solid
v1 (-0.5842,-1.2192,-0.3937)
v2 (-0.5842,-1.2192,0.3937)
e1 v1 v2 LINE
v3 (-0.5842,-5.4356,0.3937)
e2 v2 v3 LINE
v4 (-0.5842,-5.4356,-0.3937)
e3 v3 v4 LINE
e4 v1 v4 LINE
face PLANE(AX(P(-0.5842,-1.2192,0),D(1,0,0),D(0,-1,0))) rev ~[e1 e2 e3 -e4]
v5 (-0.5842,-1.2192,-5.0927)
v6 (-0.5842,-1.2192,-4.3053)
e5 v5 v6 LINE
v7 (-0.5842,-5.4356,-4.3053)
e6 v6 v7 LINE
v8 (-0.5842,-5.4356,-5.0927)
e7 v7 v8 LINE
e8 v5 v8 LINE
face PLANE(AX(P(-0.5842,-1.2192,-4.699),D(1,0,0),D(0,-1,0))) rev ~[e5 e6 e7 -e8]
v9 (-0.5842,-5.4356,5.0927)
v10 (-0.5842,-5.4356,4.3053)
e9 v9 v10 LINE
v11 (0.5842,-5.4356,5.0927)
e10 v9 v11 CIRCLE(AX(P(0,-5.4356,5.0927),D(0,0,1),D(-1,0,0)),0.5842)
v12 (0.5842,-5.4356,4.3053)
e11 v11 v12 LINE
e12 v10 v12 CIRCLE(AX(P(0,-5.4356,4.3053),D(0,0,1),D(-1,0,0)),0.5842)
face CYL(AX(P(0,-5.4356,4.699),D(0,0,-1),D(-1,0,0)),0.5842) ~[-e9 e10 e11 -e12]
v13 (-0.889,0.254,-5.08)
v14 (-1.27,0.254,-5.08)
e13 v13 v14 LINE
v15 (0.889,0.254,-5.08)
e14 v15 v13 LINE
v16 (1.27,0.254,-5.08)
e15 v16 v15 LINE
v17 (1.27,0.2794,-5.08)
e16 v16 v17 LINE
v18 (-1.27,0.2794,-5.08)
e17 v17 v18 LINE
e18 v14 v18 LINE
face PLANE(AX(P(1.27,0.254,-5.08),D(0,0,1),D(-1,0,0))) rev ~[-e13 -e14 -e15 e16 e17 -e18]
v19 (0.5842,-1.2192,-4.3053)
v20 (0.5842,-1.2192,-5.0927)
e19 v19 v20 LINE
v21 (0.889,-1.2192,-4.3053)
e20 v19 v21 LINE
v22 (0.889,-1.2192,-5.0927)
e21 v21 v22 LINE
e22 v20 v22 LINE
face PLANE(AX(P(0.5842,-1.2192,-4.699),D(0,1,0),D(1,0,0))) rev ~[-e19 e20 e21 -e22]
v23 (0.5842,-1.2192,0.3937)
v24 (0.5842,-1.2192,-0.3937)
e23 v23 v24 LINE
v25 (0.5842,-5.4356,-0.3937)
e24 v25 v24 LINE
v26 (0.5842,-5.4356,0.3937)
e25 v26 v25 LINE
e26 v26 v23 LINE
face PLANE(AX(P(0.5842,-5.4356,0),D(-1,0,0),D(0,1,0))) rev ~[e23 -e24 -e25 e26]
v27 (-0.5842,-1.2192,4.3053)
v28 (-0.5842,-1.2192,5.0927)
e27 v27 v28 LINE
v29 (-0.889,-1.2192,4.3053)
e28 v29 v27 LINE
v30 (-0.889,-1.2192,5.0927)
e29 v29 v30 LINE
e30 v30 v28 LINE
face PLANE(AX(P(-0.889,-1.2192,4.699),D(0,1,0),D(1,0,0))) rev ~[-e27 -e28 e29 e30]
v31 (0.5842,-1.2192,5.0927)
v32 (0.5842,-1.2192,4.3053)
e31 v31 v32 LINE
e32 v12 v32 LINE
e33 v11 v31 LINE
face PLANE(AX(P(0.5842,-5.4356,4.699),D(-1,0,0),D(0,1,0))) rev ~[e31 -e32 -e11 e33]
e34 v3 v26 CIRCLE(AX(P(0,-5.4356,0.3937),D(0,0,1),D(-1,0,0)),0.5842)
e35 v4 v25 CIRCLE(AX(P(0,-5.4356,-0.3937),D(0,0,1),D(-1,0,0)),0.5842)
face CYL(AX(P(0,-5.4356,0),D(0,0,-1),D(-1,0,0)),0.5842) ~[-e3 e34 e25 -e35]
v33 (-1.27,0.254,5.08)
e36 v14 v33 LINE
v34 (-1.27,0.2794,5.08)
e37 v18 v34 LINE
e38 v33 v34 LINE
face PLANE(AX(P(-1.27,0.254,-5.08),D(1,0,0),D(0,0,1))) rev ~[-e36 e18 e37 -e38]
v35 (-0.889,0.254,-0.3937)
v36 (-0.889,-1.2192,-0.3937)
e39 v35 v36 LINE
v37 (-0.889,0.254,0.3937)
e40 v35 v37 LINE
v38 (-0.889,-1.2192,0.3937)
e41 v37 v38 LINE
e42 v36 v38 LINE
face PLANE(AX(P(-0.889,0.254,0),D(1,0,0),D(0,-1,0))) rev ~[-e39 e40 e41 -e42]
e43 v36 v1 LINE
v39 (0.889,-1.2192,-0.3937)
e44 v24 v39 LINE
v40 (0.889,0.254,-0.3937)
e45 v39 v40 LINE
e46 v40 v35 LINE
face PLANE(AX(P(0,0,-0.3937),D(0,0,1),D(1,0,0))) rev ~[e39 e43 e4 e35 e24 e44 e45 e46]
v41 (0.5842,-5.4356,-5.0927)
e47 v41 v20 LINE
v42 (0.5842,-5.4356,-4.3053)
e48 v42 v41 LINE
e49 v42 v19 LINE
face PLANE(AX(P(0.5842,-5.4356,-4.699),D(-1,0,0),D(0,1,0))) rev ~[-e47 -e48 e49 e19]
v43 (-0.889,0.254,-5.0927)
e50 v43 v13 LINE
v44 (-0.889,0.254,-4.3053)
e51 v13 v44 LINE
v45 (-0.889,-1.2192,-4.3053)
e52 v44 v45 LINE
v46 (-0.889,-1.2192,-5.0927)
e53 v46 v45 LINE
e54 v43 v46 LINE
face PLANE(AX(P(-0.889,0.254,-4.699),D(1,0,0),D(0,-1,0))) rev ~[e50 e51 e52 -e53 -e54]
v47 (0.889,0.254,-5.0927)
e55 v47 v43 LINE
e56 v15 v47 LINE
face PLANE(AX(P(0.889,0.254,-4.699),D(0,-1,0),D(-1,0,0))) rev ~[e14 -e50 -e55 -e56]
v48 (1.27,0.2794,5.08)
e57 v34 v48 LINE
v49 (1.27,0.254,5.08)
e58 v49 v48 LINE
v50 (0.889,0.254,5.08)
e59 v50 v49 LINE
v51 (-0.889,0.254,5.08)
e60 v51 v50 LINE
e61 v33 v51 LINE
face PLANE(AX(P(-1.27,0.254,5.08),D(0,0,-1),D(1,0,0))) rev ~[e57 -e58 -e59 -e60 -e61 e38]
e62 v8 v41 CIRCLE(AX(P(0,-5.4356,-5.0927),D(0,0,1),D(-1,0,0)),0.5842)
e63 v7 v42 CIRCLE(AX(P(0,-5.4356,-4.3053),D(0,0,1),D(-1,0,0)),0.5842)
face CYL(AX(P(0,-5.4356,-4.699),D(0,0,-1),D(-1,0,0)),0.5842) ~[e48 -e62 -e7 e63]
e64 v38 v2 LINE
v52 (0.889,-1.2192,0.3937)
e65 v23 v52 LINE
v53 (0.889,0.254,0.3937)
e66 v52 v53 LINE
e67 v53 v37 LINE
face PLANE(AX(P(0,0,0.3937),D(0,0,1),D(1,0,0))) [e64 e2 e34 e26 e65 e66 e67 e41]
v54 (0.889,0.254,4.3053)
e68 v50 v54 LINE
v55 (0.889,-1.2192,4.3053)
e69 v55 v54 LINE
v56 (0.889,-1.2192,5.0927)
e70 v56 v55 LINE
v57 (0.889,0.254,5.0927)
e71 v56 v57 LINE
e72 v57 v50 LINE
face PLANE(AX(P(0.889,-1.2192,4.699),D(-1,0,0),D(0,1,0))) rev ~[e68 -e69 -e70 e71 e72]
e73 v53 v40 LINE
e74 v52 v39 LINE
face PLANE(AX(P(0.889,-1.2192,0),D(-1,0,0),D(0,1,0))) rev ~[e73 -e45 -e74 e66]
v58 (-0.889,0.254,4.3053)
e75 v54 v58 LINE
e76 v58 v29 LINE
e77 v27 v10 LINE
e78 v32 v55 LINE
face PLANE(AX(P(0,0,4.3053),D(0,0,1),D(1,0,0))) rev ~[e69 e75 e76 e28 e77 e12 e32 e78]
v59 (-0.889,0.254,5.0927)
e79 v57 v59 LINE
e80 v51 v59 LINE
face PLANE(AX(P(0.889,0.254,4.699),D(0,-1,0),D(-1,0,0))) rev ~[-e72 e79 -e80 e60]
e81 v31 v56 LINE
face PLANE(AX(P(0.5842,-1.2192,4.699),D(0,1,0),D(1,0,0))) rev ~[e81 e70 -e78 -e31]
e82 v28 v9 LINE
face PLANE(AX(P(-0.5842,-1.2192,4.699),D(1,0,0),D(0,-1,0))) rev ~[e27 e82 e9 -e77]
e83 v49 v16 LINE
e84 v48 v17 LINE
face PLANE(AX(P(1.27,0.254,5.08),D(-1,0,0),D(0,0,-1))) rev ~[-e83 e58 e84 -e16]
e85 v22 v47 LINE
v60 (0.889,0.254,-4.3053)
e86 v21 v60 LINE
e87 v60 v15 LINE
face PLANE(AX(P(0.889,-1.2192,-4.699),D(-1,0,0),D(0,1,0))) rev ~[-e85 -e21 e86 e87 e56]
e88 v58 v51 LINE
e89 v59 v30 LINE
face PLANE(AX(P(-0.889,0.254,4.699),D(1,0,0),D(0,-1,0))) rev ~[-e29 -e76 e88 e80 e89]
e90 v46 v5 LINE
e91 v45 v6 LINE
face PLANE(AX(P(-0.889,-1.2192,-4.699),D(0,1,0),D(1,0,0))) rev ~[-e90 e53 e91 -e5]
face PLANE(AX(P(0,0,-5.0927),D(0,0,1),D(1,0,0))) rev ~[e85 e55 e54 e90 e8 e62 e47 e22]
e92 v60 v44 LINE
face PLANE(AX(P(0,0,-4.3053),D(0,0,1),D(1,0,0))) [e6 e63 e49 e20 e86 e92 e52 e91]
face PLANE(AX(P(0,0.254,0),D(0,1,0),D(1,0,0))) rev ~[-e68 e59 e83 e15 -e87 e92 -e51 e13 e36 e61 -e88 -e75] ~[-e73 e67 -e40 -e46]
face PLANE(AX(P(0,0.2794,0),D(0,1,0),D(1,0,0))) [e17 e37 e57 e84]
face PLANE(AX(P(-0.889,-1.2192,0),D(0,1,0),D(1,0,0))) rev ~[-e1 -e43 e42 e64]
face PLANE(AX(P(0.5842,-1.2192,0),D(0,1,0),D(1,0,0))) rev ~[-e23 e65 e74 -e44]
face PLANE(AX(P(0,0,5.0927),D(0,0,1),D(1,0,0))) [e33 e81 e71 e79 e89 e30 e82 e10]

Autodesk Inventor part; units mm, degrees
sketch "Sketch_44" plane through (0, 0.254, 0) normal (0, 1, 0) x (1, 0, 0)
  line L0 (-1.27, -5.08) -> (1.27, -5.08)
  line L1 (1.27, -5.08) -> (1.27, 5.08)
  line L2 (1.27, 5.08) -> (-1.27, 5.08)
  line L3 (-1.27, 5.08) -> (-1.27, -5.08)
extrude "Extrusion1" add sketch "Sketch_44" along normal blind 0.0254
sketch "Sketch_2" plane through (0, 0, 0) normal (0, 0, 1) x (1, 0, 0)
  line L0 (-0.889, 0.254) -> (-0.889, -1.2192)
  line L1 (-0.889, -1.2192) -> (-0.5842, -1.2192)
  line L2 (-0.5842, -1.2192) -> (-0.5842, -5.4356)
  arc A0 (-0.5842, -5.4356) -> (0.5842, -5.4356) centre (0, -5.4356) ccw
  line L3 (0.5842, -5.4356) -> (0.5842, -1.2192)
  line L4 (0.5842, -1.2192) -> (0.889, -1.2192)
  line L5 (0.889, -1.2192) -> (0.889, 0.254)
  line L6 (0.889, 0.254) -> (-0.889, 0.254)
extrude "Extrusion2" add sketch "Sketch_2" along normal mid plane 0.7874
sketch "Sketch_3" plane through (0, 0, 4.699) normal (0, 0, 1) x (1, 0, 0)
  line L0 (-0.889, 0.254) -> (-0.889, -1.2192)
  line L1 (-0.889, -1.2192) -> (-0.5842, -1.2192)
  line L2 (-0.5842, -1.2192) -> (-0.5842, -5.4356)
  arc A0 (-0.5842, -5.4356) -> (0.5842, -5.4356) centre (0, -5.4356) ccw
  line L3 (0.5842, -5.4356) -> (0.5842, -1.2192)
  line L4 (0.5842, -1.2192) -> (0.889, -1.2192)
  line L5 (0.889, -1.2192) -> (0.889, 0.254)
  line L6 (0.889, 0.254) -> (-0.889, 0.254)
extrude "Extrusion3" add sketch "Sketch_3" along normal mid plane 0.7874
sketch "Sketch_4" plane through (0, 0, -4.699) normal (0, 0, 1) x (1, 0, 0)
  line L0 (-0.889, 0.254) -> (-0.889, -1.2192)
  line L1 (-0.889, -1.2192) -> (-0.5842, -1.2192)
  line L2 (-0.5842, -1.2192) -> (-0.5842, -5.4356)
  arc A0 (-0.5842, -5.4356) -> (0.5842, -5.4356) centre (0, -5.4356) ccw
  line L3 (0.5842, -5.4356) -> (0.5842, -1.2192)
  line L4 (0.5842, -1.2192) -> (0.889, -1.2192)
  line L5 (0.889, -1.2192) -> (0.889, 0.254)
  line L6 (0.889, 0.254) -> (-0.889, 0.254)
extrude "Extrusion4" add sketch "Sketch_4" along normal mid plane 0.7874
ref_plane "body_right_vert_XY" through (0, 0, 0) normal (0, 0, -1) x (1, 0, 0)
ref_plane "body_right_vert_YZ" through (0, 0, 0) normal (1, 0, 0) x (0, -1, 0)
ref_plane "body_right_vert_ZX" through (0, 0, 0) normal (0, -1, 0) x (0, 0, -1)
ref_plane "body_straight_XY" through (0, 0, 0) normal (0, -1, 0) x (1, 0, 0)
ref_plane "body_straight_YZ" through (0, 0, 0) normal (1, 0, 0) x (0, 0, 1)
ref_plane "body_straight_ZX" through (0, 0, 0) normal (0, 0, 1) x (0, -1, 0)
properties part number "M2T1SW03trmnls"
